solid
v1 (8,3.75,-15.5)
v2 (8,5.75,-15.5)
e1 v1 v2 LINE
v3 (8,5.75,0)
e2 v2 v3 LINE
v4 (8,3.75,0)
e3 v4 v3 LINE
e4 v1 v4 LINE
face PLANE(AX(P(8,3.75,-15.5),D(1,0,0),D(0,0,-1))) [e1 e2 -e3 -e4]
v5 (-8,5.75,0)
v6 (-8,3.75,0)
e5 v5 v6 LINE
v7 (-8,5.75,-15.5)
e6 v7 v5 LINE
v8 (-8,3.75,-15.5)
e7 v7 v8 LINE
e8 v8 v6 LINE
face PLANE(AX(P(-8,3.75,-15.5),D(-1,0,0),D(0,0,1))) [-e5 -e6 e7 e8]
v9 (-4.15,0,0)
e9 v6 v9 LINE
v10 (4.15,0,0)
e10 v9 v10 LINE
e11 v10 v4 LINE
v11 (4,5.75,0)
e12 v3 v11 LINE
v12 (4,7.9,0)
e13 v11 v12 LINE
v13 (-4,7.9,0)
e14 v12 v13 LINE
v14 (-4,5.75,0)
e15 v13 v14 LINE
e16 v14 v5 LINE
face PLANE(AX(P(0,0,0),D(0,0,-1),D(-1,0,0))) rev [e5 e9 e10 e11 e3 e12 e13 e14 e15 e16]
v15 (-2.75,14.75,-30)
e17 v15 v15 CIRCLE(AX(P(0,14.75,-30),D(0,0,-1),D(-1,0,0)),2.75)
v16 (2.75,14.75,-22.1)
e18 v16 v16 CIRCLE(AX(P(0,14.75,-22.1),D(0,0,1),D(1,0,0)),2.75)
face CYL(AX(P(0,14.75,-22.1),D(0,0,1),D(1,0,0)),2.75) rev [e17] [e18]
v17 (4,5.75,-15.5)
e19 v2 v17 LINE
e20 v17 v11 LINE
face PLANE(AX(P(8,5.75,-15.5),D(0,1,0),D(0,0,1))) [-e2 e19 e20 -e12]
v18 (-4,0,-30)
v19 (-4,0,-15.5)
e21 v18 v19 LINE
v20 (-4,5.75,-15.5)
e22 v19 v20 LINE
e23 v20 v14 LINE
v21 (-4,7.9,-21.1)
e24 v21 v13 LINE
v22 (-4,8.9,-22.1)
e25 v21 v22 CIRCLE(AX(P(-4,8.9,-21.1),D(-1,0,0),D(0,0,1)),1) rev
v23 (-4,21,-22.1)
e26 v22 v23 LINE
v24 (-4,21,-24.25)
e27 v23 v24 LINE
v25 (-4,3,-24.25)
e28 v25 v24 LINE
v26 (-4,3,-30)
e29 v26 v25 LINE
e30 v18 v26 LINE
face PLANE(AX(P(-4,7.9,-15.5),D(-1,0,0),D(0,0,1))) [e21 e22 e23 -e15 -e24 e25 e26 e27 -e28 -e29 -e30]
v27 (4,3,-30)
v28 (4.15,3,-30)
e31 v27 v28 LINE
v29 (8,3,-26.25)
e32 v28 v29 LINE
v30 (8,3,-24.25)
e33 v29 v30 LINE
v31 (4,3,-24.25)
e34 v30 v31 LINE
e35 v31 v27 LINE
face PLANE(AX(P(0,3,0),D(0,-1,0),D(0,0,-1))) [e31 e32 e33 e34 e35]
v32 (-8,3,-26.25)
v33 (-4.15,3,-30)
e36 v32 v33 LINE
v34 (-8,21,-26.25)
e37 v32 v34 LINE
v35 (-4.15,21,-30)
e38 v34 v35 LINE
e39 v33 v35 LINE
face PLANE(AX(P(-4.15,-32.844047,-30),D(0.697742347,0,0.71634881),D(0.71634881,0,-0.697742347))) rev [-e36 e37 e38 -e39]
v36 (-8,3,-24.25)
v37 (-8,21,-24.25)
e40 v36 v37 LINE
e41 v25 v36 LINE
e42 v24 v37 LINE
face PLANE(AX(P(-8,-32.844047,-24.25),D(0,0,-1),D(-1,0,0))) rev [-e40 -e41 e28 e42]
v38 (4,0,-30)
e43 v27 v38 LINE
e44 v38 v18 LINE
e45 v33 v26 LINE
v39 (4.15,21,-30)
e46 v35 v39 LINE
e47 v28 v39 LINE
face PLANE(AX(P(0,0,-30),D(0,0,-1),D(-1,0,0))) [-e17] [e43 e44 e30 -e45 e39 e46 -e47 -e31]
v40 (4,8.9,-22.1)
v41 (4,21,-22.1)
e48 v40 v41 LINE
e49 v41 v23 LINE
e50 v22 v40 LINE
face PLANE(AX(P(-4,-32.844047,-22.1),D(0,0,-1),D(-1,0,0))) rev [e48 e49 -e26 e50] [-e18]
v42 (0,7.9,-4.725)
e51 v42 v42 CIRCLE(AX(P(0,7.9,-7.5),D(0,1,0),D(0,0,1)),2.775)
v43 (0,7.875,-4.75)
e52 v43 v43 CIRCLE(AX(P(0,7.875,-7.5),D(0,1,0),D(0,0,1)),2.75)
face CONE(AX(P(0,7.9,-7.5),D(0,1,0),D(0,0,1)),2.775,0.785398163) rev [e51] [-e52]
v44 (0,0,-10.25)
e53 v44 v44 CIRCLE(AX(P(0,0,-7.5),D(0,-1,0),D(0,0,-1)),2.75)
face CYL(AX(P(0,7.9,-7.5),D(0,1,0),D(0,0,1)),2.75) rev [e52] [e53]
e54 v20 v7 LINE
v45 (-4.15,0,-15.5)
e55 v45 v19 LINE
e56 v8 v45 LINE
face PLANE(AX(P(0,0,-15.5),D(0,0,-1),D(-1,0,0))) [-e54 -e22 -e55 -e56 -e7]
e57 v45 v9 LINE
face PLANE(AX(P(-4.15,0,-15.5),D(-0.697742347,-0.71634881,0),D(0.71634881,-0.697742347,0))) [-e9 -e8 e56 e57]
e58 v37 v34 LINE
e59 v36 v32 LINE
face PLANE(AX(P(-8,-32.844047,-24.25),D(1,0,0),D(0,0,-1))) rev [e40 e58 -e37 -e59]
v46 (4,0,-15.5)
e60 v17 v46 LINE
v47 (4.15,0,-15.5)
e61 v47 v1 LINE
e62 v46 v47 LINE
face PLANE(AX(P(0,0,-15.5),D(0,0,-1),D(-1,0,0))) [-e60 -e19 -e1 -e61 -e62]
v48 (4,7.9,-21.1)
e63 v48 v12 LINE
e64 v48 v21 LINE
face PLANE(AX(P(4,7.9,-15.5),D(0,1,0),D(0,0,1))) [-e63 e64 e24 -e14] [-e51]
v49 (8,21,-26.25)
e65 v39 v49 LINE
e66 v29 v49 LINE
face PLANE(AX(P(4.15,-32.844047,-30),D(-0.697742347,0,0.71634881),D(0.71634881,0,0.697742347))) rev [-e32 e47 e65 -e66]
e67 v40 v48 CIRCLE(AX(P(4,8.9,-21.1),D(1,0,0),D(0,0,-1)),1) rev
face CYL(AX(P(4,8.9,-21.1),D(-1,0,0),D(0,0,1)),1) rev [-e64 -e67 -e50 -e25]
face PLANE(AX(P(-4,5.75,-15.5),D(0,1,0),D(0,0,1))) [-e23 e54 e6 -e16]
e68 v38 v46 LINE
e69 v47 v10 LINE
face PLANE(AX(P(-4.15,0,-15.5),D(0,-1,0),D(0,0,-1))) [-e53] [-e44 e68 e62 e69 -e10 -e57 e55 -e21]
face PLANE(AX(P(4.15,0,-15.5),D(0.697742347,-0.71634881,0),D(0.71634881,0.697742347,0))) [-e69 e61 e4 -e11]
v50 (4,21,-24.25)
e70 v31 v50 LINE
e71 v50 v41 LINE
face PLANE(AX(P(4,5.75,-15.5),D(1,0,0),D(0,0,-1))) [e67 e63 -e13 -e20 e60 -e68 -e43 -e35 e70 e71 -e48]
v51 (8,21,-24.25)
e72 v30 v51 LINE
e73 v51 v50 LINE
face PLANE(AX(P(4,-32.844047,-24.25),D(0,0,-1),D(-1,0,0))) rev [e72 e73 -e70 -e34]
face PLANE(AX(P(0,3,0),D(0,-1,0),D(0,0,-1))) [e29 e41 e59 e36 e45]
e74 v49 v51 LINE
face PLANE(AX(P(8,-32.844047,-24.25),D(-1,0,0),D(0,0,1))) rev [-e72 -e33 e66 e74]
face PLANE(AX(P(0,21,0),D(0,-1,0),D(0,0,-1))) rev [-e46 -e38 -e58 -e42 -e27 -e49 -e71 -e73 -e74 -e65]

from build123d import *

# Parameters (mm, degrees)
ESTRUSIONE_ESTRUSIONE1_DEPTH   = 15.5
SCHIZZO2_W                     = 8
SCHIZZO2_H                     = 7.9
ESTRUSIONE_ESTRUSIONE2_DEPTH   = 14.5
ESTRUSIONE_ESTRUSIONE3_DEPTH   = 18
RACCORDO1_R                    = 1
FORO_PER_VITE_M5_1_D           = 5.5
FORO_PER_VITE_M5_1_DEPTH       = 7.9
FORO_PER_VITE_M5_1_CSINK_D     = 5.55
FORO_PER_VITE_M5_1_CSINK_ANGLE = 90
FORO_PER_VITE_M5_2_D           = 5.5


with BuildPart() as part:
    # Schizzo1 → Estrusione-Estrusione1 (new body)
    with BuildSketch(Plane.XY):
        Polygon((-4.15, 0), (4.15, 0), (8, 3.75), (8, 5.75), (4, 5.75), (4, 7.9), (-4, 7.9), (-4, 5.75), (-8, 5.75), (-8, 3.75), align=None)
    extrude(amount=-ESTRUSIONE_ESTRUSIONE1_DEPTH)

    # Schizzo2 → Estrusione-Estrusione2 (add)
    with BuildSketch(Plane(origin=(0, 0, -15.5), x_dir=(-1, 0, 0), z_dir=(0, 0, -1))):
        with Locations((0, 3.95)):
            Rectangle(SCHIZZO2_W, SCHIZZO2_H)
    extrude(amount=ESTRUSIONE_ESTRUSIONE2_DEPTH)

    # Schizzo4 → Estrusione-Estrusione3 (add)
    with BuildSketch(Plane(origin=(0, 21, 0), x_dir=(-1, 0, 0), z_dir=(0, -1, 0))):
        Polygon((-4.15, 30), (4.15, 30), (8, 26.25), (8, 24.25), (4, 24.25), (4, 22.1), (-4, 22.1), (-4, 24.25), (-8, 24.25), (-8, 26.25), align=None)
    extrude(amount=ESTRUSIONE_ESTRUSIONE3_DEPTH)

    # Raccordo1
    raccordo1_edges = [part.edges().sort_by_distance(p)[0] for p in [
        (0, 7.9, -22.1),
    ]]
    fillet(raccordo1_edges, radius=RACCORDO1_R)

    # Foro per Vite M5-1
    with Locations(Plane(origin=(0, 7.9, 0), x_dir=(1, 0, 0), z_dir=(0, 1, 0))):
        with Locations((0, 7.5)):
            CounterSinkHole(FORO_PER_VITE_M5_1_D / 2, FORO_PER_VITE_M5_1_CSINK_D / 2, depth=FORO_PER_VITE_M5_1_DEPTH, counter_sink_angle=FORO_PER_VITE_M5_1_CSINK_ANGLE)

    # Foro per Vite M5-2 (through all)
    with Locations(Plane.XY.offset(-22.1)):
        with Locations((0, 14.75)):
            Hole(FORO_PER_VITE_M5_2_D / 2)


solid = part.part
